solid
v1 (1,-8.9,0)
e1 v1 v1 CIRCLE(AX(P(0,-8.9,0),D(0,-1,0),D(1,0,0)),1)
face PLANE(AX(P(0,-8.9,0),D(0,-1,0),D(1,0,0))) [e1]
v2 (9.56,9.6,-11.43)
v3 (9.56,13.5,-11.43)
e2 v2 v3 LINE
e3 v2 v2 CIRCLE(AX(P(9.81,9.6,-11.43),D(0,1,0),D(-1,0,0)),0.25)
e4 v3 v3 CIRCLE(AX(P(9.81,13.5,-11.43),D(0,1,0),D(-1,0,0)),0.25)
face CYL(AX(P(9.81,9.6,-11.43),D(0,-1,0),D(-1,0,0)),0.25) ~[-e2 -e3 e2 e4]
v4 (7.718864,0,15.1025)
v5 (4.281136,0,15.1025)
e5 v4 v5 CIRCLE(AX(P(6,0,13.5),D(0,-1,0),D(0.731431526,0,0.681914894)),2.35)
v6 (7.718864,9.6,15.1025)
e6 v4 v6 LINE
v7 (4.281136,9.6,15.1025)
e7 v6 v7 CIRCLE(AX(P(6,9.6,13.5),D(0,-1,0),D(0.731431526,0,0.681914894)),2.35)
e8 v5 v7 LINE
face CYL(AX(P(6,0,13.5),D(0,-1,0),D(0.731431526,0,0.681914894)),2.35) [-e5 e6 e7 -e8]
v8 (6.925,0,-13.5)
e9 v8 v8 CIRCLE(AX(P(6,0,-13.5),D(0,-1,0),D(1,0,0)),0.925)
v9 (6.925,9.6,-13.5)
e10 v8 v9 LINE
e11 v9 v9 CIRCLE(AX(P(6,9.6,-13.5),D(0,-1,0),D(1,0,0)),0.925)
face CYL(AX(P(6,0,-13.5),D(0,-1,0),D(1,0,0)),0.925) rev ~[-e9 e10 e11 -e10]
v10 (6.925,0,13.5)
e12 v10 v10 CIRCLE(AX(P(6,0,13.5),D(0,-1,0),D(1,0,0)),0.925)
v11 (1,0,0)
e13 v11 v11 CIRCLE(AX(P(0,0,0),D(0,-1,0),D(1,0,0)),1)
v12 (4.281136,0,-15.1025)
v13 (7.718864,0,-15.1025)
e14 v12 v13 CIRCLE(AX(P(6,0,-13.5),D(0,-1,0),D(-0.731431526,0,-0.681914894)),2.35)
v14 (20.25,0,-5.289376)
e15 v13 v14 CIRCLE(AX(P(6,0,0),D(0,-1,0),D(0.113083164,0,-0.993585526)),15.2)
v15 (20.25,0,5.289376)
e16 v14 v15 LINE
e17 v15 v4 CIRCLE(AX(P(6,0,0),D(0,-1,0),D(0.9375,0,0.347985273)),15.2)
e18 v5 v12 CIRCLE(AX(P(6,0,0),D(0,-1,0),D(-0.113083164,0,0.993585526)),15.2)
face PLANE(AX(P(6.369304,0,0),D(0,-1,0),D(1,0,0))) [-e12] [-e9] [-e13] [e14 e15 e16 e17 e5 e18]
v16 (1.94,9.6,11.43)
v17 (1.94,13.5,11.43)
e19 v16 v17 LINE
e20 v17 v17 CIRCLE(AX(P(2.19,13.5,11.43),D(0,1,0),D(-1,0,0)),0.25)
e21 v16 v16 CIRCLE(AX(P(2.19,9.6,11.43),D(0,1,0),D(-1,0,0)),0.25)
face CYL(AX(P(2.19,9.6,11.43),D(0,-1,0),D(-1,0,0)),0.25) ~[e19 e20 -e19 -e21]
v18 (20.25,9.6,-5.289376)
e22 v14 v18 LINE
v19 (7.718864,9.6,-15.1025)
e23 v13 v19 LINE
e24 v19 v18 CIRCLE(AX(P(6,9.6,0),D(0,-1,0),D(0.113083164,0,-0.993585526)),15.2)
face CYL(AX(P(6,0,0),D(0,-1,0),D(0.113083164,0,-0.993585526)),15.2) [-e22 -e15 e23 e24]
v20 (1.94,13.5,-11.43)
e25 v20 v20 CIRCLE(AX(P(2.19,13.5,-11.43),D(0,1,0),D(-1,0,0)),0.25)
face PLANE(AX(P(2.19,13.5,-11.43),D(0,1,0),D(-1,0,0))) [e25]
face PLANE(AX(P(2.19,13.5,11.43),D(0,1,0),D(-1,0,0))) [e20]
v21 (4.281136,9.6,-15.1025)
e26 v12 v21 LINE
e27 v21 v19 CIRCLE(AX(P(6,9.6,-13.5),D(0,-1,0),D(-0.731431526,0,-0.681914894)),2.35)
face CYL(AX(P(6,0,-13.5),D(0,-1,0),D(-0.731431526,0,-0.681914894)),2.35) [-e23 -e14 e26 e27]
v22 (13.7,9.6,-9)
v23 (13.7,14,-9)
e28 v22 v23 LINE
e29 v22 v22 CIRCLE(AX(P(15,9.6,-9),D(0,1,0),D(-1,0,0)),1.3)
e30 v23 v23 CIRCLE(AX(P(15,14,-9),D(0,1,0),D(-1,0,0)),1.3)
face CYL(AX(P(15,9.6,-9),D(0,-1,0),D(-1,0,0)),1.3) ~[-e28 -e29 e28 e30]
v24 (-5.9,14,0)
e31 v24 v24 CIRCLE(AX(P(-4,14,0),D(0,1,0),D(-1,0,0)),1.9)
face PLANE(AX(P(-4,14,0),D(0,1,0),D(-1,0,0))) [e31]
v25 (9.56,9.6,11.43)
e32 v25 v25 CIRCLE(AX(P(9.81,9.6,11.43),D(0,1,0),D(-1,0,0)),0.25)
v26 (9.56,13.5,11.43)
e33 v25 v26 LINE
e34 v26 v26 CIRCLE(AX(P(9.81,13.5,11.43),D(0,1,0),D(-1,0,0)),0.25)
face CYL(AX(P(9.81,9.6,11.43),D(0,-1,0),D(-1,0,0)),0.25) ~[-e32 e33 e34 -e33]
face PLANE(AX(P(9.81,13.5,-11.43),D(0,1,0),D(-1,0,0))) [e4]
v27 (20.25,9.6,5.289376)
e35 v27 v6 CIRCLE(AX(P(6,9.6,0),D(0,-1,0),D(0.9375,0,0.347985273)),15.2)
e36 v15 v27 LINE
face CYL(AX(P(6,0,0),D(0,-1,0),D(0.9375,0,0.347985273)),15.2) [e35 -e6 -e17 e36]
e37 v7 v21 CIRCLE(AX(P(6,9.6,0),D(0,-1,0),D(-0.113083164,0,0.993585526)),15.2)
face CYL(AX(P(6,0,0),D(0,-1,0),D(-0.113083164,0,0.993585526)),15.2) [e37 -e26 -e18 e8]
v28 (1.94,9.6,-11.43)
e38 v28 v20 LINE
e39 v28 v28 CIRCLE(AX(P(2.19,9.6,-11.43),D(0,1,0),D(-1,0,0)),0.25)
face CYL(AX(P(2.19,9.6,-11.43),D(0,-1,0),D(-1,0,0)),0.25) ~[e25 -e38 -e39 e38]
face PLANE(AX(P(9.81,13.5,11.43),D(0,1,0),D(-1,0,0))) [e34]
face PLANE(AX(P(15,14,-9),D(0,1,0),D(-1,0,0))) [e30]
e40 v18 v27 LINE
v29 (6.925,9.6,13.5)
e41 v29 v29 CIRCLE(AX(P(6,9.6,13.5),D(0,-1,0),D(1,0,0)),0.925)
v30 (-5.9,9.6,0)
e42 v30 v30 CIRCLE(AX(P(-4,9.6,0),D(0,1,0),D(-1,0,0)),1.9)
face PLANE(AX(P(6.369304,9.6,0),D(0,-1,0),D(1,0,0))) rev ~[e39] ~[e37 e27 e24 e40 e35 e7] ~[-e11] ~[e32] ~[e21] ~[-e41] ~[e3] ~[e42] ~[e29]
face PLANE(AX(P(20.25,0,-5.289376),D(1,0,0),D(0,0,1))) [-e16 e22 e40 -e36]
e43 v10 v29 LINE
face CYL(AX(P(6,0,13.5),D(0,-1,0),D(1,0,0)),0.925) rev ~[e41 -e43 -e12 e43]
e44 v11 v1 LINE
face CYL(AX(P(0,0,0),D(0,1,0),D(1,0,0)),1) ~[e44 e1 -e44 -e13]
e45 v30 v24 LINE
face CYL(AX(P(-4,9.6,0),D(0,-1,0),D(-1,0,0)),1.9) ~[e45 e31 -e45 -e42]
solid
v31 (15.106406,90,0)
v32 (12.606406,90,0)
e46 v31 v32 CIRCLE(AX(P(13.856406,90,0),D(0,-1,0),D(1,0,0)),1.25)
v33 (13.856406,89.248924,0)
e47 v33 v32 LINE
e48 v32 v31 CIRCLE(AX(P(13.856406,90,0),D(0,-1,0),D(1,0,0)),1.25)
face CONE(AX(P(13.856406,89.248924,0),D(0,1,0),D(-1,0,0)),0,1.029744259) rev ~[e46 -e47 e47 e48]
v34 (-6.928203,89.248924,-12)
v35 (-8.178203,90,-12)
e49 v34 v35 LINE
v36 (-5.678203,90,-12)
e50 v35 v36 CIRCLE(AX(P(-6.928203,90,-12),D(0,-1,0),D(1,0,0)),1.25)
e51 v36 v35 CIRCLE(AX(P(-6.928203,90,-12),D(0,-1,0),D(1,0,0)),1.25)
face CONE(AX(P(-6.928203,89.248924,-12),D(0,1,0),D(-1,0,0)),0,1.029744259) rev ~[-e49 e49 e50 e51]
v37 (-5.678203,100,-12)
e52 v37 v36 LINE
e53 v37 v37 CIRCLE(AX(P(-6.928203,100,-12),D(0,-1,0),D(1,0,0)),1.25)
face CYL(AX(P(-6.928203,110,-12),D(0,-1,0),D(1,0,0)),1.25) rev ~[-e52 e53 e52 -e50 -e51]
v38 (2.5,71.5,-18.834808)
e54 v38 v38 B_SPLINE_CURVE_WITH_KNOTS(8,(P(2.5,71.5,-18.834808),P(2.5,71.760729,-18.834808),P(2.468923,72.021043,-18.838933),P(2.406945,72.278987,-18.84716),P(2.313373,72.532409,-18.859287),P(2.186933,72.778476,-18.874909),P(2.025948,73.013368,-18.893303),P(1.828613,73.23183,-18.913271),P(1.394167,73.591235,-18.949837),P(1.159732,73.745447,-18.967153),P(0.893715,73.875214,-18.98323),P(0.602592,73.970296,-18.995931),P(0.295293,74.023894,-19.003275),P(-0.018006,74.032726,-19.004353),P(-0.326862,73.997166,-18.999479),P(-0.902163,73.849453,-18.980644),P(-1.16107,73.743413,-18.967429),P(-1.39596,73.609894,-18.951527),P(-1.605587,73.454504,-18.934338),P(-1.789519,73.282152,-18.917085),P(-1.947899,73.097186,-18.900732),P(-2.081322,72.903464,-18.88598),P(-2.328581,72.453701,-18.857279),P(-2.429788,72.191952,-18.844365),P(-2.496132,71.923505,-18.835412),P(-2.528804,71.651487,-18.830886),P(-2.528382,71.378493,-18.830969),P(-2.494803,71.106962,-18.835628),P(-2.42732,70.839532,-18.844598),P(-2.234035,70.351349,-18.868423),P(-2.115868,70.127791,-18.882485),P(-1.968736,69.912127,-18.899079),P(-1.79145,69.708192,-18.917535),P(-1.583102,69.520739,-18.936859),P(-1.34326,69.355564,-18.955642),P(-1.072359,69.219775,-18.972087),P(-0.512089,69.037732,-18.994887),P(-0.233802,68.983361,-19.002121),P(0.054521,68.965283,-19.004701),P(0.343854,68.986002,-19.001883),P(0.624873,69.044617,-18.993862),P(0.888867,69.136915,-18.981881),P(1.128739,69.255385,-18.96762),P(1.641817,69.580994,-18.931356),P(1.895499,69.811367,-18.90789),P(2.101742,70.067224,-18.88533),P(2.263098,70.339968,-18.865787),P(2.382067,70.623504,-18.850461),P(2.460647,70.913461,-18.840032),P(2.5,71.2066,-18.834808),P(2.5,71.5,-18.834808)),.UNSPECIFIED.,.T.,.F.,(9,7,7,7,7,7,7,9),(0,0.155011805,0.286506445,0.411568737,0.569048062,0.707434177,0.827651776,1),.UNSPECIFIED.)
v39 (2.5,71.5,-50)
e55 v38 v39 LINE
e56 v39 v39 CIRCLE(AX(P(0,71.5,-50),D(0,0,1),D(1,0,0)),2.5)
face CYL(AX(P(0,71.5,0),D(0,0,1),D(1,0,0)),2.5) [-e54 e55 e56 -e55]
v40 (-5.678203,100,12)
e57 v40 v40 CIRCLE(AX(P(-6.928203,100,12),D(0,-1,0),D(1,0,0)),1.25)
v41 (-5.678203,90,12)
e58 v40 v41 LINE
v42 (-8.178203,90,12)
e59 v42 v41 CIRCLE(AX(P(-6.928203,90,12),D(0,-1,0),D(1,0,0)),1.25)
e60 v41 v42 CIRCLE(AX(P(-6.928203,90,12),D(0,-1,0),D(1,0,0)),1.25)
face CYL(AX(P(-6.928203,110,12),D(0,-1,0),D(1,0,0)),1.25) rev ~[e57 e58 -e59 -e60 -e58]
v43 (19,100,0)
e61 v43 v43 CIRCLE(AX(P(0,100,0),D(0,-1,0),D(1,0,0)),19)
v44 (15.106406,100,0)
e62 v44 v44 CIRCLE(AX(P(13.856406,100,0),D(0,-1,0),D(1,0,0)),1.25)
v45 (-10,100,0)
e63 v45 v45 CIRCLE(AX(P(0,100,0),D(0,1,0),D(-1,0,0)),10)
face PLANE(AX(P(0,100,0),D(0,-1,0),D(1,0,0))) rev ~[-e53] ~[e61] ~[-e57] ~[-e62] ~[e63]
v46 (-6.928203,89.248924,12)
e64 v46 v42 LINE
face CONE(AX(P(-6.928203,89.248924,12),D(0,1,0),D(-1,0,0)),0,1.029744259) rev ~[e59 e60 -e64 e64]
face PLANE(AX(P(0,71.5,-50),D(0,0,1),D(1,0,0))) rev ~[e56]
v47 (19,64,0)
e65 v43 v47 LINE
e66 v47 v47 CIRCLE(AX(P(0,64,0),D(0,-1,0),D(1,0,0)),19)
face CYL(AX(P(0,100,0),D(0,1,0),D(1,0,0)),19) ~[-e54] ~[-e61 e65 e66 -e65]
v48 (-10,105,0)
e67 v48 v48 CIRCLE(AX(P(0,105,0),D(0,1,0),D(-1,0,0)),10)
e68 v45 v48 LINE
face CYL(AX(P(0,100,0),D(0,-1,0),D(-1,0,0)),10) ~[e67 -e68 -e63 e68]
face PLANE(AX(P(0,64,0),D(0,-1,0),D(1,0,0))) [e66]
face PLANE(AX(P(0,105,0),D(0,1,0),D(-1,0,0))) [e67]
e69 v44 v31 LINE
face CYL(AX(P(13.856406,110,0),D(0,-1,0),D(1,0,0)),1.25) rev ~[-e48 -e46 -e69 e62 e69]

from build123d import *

# Parameters (mm, degrees)
F1_R      = 19
F2_DEPTH  = 36
F3_R      = 10
F4_DEPTH  = 5
F5_D      = 2.5
F5_DEPTH  = 10
F5_TIP    = 0.7510757738
F6_R      = 2.5
F7_DEPTH  = 50
F8_R      = 1
F8_R_2    = 0.925
F9_DEPTH  = 9.6
F10_DEPTH = 8.9
F11_R     = 1.9
F11_R_2   = 1.3
F12_DEPTH = 4.4
F11_R_3   = 0.25
F13_DEPTH = 3.9


with BuildPart() as f2:
    # F1 (on offset) → F2 (new body)
    with BuildSketch(Plane.XZ.offset(-100)):
        Circle(F1_R)
    extrude(amount=F2_DEPTH)

    # F3 (on face) → F4 (join)
    with BuildSketch(Plane(origin=(0, 100, 0), x_dir=(-1, 0, 0), z_dir=(0, 1, 0))):
        Circle(F3_R)
    extrude(amount=F4_DEPTH)

    # F5
    with Locations(Plane(origin=(0, 100, 0), x_dir=(-1, 0, 0), z_dir=(0, 1, 0))):
        with Locations((-13.8564064606, 0), (6.9282032303, -12), (6.9282032303, 12)):
            Hole(F5_D / 2, depth=F5_DEPTH)
            with Locations((0, 0, -(F5_DEPTH + F5_TIP / 2))):  # 118° drill point
                Cone(0, F5_D / 2, F5_TIP, mode=Mode.SUBTRACT)

    # F6 (on Top) → F7 (join)
    with BuildSketch(Plane.XY):
        with Locations((0, 71.5)):
            Circle(F6_R)
    extrude(amount=-F7_DEPTH)


with BuildPart() as f9:
    # F8 (on Front) → F9 (new body)
    with BuildSketch(Plane.XZ):
        with BuildLine():
            Line((20.25, -5.2893761447), (20.25, 5.2893761447))
            ThreePointArc((20.25, 5.2893761447), (15.3715262902, 11.9672258687), (7.7188640871, 15.1025))
            ThreePointArc((7.7188640871, 15.1025), (8.1865304257, 14.3611531209), (8.35, 13.5))
            ThreePointArc((8.35, 13.5), (5.1388468791, 11.3134695743), (4.2811359129, 15.1025))
            ThreePointArc((4.2811359129, 15.1025), (-9.2, 0), (4.2811359129, -15.1025))
            ThreePointArc((4.2811359129, -15.1025), (5.1388468791, -11.3134695743), (8.35, -13.5))
            ThreePointArc((8.35, -13.5), (8.1865304257, -14.3611531209), (7.7188640871, -15.1025))
            ThreePointArc((7.7188640871, -15.1025), (15.3715262902, -11.9672258687), (20.25, -5.2893761447))
        make_face()
        Circle(F8_R, mode=Mode.SUBTRACT)
        with BuildLine():
            ThreePointArc((4.2811359129, 15.1025), (6, 15.2), (7.7188640871, 15.1025))
            ThreePointArc((7.7188640871, 15.1025), (6, 15.85), (4.2811359129, 15.1025))
        make_face()
        with BuildLine():
            ThreePointArc((8.35, 13.5), (8.1865304257, 14.3611531209), (7.7188640871, 15.1025))
            ThreePointArc((7.7188640871, 15.1025), (6, 15.2), (4.2811359129, 15.1025))
            ThreePointArc((4.2811359129, 15.1025), (5.1388468791, 11.3134695743), (8.35, 13.5))
        make_face()
        with Locations((6, 13.5)):
            Circle(F8_R_2, mode=Mode.SUBTRACT)
        with BuildLine():
            ThreePointArc((4.2811359129, -15.1025), (6, -15.2), (7.7188640871, -15.1025))
            ThreePointArc((7.7188640871, -15.1025), (8.1865304257, -14.3611531209), (8.35, -13.5))
            ThreePointArc((8.35, -13.5), (5.1388468791, -11.3134695743), (4.2811359129, -15.1025))
        make_face()
        with Locations((6, -13.5)):
            Circle(F8_R_2, mode=Mode.SUBTRACT)
        with BuildLine():
            ThreePointArc((4.2811359129, -15.1025), (6, -15.85), (7.7188640871, -15.1025))
            ThreePointArc((7.7188640871, -15.1025), (6, -15.2), (4.2811359129, -15.1025))
        make_face()
        Circle(F8_R)
    extrude(amount=-F9_DEPTH)

    # F8 (on Front) → F10 (join)
    with BuildSketch(Plane.XZ):
        Circle(F8_R)
    extrude(amount=F10_DEPTH)

    # F11 (on face) → F12 (join)
    with BuildSketch(Plane(origin=(0, 9.6, 0), x_dir=(-1, 0, 0), z_dir=(0, 1, 0))):
        with Locations((4, 0)):
            Circle(F11_R)
        with Locations((-15, -9)):
            Circle(F11_R_2)
    extrude(amount=F12_DEPTH)

    # F11 (on face) → F13 (join)
    with BuildSketch(Plane(origin=(0, 9.6, 0), x_dir=(-1, 0, 0), z_dir=(0, 1, 0))):
        with Locations((-9.81, 11.43)):
            Circle(F11_R_3)
        with Locations((-2.19, 11.43)):
            Circle(F11_R_3)
        with Locations((-2.19, -11.43)):
            Circle(F11_R_3)
        with Locations((-9.81, -11.43)):
            Circle(F11_R_3)
    extrude(amount=F13_DEPTH)


solid = Compound([f2.part, f9.part])
